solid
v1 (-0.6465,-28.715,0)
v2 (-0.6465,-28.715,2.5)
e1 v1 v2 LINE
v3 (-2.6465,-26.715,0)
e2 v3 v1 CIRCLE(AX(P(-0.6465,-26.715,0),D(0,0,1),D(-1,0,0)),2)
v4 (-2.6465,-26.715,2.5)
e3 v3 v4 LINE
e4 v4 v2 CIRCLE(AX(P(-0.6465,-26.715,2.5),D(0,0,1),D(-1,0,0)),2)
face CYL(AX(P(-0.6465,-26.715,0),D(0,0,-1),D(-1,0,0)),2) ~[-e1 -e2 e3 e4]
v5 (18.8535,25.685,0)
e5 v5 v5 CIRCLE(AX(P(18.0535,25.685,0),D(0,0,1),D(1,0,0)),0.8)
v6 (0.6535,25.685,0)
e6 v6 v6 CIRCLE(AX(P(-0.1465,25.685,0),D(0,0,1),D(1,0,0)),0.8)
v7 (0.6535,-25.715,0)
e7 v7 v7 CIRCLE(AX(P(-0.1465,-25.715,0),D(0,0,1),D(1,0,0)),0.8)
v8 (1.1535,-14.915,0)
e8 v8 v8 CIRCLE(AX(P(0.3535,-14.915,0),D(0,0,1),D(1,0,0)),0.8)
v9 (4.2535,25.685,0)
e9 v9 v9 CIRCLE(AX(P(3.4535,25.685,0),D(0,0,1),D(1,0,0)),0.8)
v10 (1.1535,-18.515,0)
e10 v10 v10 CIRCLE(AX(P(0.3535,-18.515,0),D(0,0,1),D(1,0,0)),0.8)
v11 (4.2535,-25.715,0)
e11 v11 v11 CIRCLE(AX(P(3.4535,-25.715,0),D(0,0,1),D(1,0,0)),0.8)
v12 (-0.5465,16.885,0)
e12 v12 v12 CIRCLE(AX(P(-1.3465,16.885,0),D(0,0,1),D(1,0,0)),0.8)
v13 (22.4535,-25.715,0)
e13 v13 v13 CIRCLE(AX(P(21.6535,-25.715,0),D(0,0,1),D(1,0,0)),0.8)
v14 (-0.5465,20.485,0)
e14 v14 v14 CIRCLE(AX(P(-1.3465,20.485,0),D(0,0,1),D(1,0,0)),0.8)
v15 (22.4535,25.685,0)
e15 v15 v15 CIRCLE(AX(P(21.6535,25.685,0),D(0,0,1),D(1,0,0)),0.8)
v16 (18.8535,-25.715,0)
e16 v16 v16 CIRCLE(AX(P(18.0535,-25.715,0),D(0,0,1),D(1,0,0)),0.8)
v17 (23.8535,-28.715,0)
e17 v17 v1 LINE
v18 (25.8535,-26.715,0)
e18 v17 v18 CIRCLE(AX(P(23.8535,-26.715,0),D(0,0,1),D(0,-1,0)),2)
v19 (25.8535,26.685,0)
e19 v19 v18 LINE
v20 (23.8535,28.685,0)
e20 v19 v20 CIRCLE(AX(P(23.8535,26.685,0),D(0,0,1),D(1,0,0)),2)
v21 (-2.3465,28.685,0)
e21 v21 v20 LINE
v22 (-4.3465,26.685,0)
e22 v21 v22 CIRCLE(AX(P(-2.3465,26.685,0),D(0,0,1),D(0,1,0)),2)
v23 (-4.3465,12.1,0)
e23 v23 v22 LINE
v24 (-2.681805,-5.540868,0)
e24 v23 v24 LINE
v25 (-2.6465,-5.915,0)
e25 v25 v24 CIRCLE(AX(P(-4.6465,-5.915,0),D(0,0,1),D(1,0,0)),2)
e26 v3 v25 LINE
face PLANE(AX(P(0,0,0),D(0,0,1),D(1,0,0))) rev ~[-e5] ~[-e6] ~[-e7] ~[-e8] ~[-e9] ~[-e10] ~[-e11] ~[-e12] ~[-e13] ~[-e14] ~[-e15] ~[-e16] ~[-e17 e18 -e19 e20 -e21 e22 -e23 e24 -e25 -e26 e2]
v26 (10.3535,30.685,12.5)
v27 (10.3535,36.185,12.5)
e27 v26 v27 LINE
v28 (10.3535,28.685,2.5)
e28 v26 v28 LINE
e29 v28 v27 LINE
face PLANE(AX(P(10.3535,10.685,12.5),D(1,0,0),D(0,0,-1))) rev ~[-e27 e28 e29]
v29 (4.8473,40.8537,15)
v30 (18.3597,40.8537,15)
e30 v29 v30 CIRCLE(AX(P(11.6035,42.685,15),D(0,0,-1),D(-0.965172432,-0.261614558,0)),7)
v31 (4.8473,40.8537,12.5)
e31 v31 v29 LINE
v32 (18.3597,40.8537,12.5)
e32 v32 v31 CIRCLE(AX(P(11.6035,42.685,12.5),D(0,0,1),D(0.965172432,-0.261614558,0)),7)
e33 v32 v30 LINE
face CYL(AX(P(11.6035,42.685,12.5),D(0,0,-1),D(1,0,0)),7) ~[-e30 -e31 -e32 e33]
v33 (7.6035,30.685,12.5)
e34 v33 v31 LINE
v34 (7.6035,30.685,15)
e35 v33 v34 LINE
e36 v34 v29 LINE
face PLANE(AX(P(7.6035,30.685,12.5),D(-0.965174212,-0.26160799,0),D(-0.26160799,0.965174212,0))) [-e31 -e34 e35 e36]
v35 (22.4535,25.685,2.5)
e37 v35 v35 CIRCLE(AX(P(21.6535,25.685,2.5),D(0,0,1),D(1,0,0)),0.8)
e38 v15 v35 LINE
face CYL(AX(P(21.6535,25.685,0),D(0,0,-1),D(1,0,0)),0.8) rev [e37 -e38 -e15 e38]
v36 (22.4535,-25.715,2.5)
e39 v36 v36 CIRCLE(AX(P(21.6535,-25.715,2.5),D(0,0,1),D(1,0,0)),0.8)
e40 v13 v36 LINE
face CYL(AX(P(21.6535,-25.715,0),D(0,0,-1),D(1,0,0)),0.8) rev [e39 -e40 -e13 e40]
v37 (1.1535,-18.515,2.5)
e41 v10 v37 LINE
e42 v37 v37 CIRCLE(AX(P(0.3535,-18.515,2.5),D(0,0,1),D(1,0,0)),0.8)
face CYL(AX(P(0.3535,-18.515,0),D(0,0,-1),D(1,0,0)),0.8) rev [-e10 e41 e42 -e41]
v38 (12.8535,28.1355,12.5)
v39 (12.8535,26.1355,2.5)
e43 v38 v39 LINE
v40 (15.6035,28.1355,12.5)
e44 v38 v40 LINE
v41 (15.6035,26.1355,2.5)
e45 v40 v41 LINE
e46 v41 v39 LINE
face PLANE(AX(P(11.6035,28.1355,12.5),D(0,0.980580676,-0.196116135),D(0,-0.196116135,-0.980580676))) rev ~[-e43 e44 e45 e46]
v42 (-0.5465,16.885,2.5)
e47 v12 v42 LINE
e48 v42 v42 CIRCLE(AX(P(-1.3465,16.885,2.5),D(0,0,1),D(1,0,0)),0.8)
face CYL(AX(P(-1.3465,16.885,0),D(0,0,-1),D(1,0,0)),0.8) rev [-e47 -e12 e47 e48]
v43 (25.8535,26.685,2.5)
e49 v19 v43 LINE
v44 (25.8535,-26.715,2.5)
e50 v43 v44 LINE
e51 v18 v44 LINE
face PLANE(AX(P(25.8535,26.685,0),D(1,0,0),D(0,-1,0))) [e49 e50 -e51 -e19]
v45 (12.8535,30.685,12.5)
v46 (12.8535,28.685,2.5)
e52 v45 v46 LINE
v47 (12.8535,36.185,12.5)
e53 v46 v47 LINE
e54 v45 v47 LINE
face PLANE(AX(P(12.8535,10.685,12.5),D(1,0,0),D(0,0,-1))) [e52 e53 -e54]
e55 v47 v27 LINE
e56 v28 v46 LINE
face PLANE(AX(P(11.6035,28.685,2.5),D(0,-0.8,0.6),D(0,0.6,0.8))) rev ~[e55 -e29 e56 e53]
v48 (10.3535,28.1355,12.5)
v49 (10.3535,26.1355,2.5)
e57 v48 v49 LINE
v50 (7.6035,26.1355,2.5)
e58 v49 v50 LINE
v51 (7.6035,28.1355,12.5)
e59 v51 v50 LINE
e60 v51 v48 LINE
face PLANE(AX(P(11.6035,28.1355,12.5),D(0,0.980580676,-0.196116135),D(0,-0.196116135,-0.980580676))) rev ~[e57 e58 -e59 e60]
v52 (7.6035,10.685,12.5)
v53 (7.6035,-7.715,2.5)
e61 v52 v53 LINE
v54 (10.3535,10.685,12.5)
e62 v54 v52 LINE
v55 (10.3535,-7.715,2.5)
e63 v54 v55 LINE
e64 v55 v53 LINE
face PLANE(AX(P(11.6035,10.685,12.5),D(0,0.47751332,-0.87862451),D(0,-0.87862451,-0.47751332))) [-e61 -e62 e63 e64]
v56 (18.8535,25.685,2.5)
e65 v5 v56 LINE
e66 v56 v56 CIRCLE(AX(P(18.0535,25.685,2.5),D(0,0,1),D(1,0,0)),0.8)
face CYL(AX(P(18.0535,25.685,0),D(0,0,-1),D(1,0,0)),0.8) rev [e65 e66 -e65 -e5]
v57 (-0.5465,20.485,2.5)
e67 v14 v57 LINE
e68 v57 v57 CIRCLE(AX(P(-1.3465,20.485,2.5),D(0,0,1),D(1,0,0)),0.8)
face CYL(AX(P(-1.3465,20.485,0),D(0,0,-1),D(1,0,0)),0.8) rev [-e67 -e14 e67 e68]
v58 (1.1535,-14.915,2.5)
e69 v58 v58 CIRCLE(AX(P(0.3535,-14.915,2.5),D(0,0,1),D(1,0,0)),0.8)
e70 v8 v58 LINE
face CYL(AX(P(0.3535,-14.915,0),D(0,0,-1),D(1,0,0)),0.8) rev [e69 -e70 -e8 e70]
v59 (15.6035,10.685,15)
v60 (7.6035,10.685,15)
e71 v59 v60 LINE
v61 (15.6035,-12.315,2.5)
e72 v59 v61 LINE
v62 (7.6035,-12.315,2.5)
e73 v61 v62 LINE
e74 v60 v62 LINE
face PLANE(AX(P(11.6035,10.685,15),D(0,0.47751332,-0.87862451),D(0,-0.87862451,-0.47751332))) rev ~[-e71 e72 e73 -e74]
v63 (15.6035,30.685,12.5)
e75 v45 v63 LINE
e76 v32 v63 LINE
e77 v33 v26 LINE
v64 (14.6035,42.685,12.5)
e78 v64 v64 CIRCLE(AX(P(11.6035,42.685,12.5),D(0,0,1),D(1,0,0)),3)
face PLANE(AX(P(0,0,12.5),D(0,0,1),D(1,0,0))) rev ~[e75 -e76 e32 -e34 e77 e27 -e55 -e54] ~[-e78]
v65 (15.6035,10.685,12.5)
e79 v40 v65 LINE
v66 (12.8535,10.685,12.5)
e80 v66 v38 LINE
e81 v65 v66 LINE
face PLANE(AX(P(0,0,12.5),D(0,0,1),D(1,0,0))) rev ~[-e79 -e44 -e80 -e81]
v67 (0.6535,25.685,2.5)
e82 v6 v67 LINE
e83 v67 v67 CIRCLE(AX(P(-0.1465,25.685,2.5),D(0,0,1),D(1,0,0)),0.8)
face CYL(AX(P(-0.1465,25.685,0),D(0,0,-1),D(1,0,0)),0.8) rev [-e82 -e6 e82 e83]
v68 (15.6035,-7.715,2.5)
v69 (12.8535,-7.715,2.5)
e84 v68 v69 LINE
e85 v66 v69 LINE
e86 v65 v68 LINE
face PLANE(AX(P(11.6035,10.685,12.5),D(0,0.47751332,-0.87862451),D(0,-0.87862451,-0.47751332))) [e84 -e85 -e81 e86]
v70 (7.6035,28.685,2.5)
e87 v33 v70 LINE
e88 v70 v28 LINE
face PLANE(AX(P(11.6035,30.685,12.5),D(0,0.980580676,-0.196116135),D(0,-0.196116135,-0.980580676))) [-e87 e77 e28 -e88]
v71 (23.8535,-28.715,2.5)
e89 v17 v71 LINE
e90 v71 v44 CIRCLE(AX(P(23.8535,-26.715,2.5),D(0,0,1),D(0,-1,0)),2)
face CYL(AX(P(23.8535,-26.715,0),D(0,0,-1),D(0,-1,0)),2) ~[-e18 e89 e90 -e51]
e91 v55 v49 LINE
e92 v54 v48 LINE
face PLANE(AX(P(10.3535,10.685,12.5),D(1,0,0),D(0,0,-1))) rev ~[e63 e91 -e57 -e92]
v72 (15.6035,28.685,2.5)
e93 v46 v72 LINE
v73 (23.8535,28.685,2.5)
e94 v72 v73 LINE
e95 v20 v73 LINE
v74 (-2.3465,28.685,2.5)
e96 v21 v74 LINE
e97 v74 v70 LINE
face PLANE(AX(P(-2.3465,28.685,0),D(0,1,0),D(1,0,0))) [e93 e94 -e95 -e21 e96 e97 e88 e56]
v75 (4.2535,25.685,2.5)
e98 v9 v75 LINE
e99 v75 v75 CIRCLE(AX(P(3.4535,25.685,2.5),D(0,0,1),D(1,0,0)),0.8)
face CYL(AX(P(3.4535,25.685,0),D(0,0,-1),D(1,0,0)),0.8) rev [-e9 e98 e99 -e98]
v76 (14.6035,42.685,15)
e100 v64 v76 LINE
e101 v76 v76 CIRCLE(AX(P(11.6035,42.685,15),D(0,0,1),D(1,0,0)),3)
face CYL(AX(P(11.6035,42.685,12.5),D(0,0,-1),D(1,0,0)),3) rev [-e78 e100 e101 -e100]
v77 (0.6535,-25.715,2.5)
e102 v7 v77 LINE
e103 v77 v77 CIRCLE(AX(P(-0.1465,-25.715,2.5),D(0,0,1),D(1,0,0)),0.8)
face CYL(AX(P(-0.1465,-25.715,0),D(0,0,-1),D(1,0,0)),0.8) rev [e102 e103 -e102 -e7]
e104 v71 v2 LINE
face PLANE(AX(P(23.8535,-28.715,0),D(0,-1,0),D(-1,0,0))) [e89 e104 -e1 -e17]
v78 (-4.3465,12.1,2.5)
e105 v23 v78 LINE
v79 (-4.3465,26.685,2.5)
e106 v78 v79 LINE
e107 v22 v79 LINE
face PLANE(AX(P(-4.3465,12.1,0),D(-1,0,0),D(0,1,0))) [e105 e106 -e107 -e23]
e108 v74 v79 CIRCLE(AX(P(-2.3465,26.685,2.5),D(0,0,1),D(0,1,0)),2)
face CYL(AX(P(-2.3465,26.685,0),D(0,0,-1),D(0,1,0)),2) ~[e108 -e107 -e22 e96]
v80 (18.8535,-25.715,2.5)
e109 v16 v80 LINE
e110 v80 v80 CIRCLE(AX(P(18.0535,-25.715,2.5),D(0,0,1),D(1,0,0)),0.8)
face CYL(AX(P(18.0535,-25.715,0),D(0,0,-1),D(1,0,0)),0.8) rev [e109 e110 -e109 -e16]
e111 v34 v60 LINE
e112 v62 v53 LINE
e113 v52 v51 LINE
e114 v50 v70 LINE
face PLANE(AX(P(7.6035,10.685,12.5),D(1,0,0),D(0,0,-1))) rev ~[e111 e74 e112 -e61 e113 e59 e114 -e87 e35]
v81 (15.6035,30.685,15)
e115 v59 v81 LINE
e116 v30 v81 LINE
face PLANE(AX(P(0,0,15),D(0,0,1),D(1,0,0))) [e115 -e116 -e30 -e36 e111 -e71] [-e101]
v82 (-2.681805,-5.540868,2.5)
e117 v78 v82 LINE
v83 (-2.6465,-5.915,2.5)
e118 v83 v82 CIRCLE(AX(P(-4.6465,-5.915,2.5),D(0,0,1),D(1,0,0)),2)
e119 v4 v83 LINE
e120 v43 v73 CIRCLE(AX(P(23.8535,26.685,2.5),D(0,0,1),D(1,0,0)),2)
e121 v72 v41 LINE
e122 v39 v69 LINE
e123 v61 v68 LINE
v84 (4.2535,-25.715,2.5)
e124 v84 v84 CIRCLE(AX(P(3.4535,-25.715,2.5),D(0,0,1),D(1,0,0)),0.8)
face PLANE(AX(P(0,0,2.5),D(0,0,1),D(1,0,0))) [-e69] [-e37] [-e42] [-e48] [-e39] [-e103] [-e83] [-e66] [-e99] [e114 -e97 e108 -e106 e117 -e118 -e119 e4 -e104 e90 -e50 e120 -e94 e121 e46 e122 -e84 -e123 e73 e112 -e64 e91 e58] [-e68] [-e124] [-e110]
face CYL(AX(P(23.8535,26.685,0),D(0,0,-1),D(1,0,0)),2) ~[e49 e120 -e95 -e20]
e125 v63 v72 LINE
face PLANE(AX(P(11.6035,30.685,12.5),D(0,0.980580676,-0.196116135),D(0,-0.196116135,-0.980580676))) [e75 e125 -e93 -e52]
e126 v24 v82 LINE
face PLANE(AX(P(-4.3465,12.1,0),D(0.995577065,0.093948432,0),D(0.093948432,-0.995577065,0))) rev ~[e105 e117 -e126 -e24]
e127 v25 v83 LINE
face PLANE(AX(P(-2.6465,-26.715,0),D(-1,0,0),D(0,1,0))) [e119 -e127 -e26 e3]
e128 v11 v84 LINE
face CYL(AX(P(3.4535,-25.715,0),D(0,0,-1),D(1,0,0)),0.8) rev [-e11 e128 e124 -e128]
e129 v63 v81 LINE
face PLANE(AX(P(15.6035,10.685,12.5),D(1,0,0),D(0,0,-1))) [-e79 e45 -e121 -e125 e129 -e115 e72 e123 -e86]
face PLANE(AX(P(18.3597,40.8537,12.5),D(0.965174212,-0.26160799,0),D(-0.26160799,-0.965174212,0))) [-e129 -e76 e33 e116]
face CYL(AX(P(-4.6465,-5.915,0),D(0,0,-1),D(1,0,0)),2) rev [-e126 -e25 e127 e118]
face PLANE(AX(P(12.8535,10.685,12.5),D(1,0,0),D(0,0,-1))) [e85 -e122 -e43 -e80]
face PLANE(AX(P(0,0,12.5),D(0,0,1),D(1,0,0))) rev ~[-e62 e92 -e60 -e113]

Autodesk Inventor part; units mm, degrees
ref_plane "YZ Plane" through (0, 0, 0) normal (1, 0, 0) x (0, 1, 0)
ref_plane "XZ Plane" through (0, 0, 0) normal (0, 1, 0) x (-1, 0, 0)
ref_plane "XY Plane" through (0, 0, 0) normal (0, 0, 1) x (1, 0, 0)
ref_plane "РабПлоскость1" through (0, 0, 0) normal (0, 0, 1) x (1, 0, 0)
sketch "Эскиз1" plane through (0, 0, 0) normal (0, 0, 1) x (1, 0, 0)
  line L0 (15.9535, 22.685) -> (15.9535, 17.285) projected
  line L1 (15.9535, 17.285) -> (5.5535, 17.285) projected
  line L2 (5.5535, 17.285) -> (5.5535, 22.685) projected
  line L3 (5.5535, 22.685) -> (15.9535, 22.685) projected
  line L4 (15.9535, -17.315) -> (15.9535, -22.715) projected
  line L5 (15.9535, -22.715) -> (5.5535, -22.715) projected
  line L6 (5.5535, -22.715) -> (5.5535, -17.315) projected
  line L7 (5.5535, -17.315) -> (15.9535, -17.315) projected
  arc A0 (-2.3465, 28.685) -> (-4.3465, 26.685) centre (-2.3465, 26.685) ccw projected
  line L8 (-4.3465, 12.1) -> (-4.3465, 26.685) projected
  arc A1 (-5.6809, 10.2141) -> (-4.3465, 12.1) centre (-6.3465, 12.1) ccw projected
  line L9 (-11.5122, 8.156) -> (-5.6809, 10.2141) projected
  arc A2 (-11.5122, 8.156) -> (-12.8465, 6.27) centre (-10.8465, 6.27) ccw projected
  line L10 (-12.8465, -1.915) -> (-12.8465, 6.27) projected
  arc A3 (-12.8465, -1.915) -> (-10.8465, -3.915) centre (-10.8465, -1.915) ccw projected
  line L11 (-4.6465, -3.915) -> (-10.8465, -3.915) projected
  arc A4 (-2.6465, -5.915) -> (-4.6465, -3.915) centre (-4.6465, -5.915) ccw projected
  line L12 (-2.6465, -26.715) -> (-2.6465, -5.915) projected
  arc A5 (-2.6465, -26.715) -> (-0.6465, -28.715) centre (-0.6465, -26.715) ccw projected
  line L13 (23.8535, -28.715) -> (-0.6465, -28.715) projected
  arc A6 (23.8535, -28.715) -> (25.8535, -26.715) centre (23.8535, -26.715) ccw projected
  line L14 (25.8535, 26.685) -> (25.8535, -26.715) projected
  arc A7 (25.8535, 26.685) -> (23.8535, 28.685) centre (23.8535, 26.685) ccw projected
  line L15 (-2.3465, 28.685) -> (23.8535, 28.685) projected
  circle A8 centre (18.0535, 25.685) radius 0.8 projected
  circle A9 centre (21.6535, 25.685) radius 0.8 projected
  circle A10 centre (21.6535, -25.715) radius 0.8 projected
  circle A11 centre (18.0535, -25.715) radius 0.8 projected
  circle A12 centre (0.3535, -18.515) radius 0.8 projected
  circle A13 centre (0.3535, -14.915) radius 0.8 projected
  circle A14 centre (-1.3465, 16.885) radius 0.8 projected
  circle A15 centre (-1.3465, 20.485) radius 0.8 projected
  circle A16 centre (-0.1465, 25.685) radius 0.8 projected
  circle A17 centre (3.4535, 25.685) radius 0.8 projected
  circle A18 centre (-0.1465, -25.715) radius 0.8 projected
  circle A19 centre (3.4535, -25.715) radius 0.8 projected
  line L16 (-4.3465, 12.1) -> (-2.6465, -5.915)
  circle A20 centre (51.6035, 35.685) radius 3
  circle A21 centre (51.6035, 35.685) radius 6
  line L17 (11.6035, -28.715) -> (11.6035, 28.685) construction
  line L18 (56.9244, 32.9123) -> (25.8535, -26.715)
  line L19 (50.1799, 41.5137) -> (-2.3465, 28.685)
  point P0 (0, 0)
  point P1 (-2.6818, -5.5409)
  dimension "d11" = 6
  dimension "d12" = 12
  dimension "d13" = 7
  dimension "d14" = 40
extrude "Выдавливание1" add sketch "Эскиз1" along normal blind 2.5 contours L0 L1 L2 L3 | L4 L5 L6 L7 | L15 A7 L14 A6 L13 A5 L12 A4 L16 L8 A0
ref_plane "РабПлоскость4" through (0, 0, 12.5) normal (0, 0, 1) x (1, 0, 0)
sketch "Эскиз7" plane through (0, 0, 12.5) normal (0, 0, 1) x (1, 0, 0)
  circle A0 centre (11.6035, 42.685) radius 3
  circle A1 centre (11.6035, 42.685) radius 7
  line L0 (18.3597, 40.8537) -> (15.6035, 30.685)
  line L1 (15.6035, 30.685) -> (15.6035, 10.685)
  line L2 (15.6035, 10.685) -> (7.6035, 10.685)
  line L3 (7.6035, 10.685) -> (7.6035, 30.685)
  line L4 (7.6035, 30.685) -> (4.8473, 40.8537)
  line L5 (-0.6465, -28.715) -> (23.8535, -28.715) projected
  line L6 (11.6035, -28.715) -> (11.6035, 28.685) construction
  line L7 (23.8535, 28.685) -> (-2.3465, 28.685) projected
  point P0 (0, 0)
  point P1 (11.6035, 10.685)
  dimension "d46" = 6
  dimension "d47" = 14
  dimension "d48" = 32
  dimension "d49" = 4
  dimension "d50" = 18
  dimension "d51" = 20
  dimension "d52" = 20
extrude "Выдавливание5" add sketch "Эскиз7" along normal blind 2.5
ref_plane "РабПлоскость5" through (11.6035, 10.685, 12.5) normal (1, 0, 0) x (0, 0, -1)
sketch "Эскиз8" plane through (11.6035, 10.685, 12.5) normal (1, 0, 0) x (0, 0, -1)
  line L0 (0, 20) -> (0, 30.1687) projected
  line L1 (10, 18) -> (10, 16) projected
  line L2 (0, 20) -> (10, 18)
  line L3 (-2.5, 20) -> (-2.5, 0) projected
  line L4 (-2.5, 0) -> (10, -23)
  line L5 (10, -37.4) -> (10, 16) projected
  line L6 (0, 0) -> (0, 20) projected
  line L7 (0, 0) -> (-2.5, 0) projected
  line L8 (0, 20) -> (0, 0) projected
  line L9 (0, 0) -> (10, -18.4)
  line L10 (10, -16.6) -> (10, -37.4) projected
  line L11 (0, 17.4505) -> (10, 15.4505)
  line L12 (10, 16) -> (10, 1.415) projected
  line L13 (12.5, 18) -> (10, 18) projected
  line L14 (10, 18) -> (0, 25.5)
  point P0 (12.5, -10.685)
  dimension "d55" = 23
  dimension "d56" = 2.5
  dimension "d61" = 5.5
extrude "Выдавливание6" add sketch "Эскиз8" along normal mid plane 2.5 contours L0 L14 L2 | L11 L5 L9 L6
extrude "Выдавливание7" add sketch "Эскиз8" along normal mid plane 8 contours L2 L1 L5 L11 L6 | L9 L5 L4 L7
properties part number "Fastener"
